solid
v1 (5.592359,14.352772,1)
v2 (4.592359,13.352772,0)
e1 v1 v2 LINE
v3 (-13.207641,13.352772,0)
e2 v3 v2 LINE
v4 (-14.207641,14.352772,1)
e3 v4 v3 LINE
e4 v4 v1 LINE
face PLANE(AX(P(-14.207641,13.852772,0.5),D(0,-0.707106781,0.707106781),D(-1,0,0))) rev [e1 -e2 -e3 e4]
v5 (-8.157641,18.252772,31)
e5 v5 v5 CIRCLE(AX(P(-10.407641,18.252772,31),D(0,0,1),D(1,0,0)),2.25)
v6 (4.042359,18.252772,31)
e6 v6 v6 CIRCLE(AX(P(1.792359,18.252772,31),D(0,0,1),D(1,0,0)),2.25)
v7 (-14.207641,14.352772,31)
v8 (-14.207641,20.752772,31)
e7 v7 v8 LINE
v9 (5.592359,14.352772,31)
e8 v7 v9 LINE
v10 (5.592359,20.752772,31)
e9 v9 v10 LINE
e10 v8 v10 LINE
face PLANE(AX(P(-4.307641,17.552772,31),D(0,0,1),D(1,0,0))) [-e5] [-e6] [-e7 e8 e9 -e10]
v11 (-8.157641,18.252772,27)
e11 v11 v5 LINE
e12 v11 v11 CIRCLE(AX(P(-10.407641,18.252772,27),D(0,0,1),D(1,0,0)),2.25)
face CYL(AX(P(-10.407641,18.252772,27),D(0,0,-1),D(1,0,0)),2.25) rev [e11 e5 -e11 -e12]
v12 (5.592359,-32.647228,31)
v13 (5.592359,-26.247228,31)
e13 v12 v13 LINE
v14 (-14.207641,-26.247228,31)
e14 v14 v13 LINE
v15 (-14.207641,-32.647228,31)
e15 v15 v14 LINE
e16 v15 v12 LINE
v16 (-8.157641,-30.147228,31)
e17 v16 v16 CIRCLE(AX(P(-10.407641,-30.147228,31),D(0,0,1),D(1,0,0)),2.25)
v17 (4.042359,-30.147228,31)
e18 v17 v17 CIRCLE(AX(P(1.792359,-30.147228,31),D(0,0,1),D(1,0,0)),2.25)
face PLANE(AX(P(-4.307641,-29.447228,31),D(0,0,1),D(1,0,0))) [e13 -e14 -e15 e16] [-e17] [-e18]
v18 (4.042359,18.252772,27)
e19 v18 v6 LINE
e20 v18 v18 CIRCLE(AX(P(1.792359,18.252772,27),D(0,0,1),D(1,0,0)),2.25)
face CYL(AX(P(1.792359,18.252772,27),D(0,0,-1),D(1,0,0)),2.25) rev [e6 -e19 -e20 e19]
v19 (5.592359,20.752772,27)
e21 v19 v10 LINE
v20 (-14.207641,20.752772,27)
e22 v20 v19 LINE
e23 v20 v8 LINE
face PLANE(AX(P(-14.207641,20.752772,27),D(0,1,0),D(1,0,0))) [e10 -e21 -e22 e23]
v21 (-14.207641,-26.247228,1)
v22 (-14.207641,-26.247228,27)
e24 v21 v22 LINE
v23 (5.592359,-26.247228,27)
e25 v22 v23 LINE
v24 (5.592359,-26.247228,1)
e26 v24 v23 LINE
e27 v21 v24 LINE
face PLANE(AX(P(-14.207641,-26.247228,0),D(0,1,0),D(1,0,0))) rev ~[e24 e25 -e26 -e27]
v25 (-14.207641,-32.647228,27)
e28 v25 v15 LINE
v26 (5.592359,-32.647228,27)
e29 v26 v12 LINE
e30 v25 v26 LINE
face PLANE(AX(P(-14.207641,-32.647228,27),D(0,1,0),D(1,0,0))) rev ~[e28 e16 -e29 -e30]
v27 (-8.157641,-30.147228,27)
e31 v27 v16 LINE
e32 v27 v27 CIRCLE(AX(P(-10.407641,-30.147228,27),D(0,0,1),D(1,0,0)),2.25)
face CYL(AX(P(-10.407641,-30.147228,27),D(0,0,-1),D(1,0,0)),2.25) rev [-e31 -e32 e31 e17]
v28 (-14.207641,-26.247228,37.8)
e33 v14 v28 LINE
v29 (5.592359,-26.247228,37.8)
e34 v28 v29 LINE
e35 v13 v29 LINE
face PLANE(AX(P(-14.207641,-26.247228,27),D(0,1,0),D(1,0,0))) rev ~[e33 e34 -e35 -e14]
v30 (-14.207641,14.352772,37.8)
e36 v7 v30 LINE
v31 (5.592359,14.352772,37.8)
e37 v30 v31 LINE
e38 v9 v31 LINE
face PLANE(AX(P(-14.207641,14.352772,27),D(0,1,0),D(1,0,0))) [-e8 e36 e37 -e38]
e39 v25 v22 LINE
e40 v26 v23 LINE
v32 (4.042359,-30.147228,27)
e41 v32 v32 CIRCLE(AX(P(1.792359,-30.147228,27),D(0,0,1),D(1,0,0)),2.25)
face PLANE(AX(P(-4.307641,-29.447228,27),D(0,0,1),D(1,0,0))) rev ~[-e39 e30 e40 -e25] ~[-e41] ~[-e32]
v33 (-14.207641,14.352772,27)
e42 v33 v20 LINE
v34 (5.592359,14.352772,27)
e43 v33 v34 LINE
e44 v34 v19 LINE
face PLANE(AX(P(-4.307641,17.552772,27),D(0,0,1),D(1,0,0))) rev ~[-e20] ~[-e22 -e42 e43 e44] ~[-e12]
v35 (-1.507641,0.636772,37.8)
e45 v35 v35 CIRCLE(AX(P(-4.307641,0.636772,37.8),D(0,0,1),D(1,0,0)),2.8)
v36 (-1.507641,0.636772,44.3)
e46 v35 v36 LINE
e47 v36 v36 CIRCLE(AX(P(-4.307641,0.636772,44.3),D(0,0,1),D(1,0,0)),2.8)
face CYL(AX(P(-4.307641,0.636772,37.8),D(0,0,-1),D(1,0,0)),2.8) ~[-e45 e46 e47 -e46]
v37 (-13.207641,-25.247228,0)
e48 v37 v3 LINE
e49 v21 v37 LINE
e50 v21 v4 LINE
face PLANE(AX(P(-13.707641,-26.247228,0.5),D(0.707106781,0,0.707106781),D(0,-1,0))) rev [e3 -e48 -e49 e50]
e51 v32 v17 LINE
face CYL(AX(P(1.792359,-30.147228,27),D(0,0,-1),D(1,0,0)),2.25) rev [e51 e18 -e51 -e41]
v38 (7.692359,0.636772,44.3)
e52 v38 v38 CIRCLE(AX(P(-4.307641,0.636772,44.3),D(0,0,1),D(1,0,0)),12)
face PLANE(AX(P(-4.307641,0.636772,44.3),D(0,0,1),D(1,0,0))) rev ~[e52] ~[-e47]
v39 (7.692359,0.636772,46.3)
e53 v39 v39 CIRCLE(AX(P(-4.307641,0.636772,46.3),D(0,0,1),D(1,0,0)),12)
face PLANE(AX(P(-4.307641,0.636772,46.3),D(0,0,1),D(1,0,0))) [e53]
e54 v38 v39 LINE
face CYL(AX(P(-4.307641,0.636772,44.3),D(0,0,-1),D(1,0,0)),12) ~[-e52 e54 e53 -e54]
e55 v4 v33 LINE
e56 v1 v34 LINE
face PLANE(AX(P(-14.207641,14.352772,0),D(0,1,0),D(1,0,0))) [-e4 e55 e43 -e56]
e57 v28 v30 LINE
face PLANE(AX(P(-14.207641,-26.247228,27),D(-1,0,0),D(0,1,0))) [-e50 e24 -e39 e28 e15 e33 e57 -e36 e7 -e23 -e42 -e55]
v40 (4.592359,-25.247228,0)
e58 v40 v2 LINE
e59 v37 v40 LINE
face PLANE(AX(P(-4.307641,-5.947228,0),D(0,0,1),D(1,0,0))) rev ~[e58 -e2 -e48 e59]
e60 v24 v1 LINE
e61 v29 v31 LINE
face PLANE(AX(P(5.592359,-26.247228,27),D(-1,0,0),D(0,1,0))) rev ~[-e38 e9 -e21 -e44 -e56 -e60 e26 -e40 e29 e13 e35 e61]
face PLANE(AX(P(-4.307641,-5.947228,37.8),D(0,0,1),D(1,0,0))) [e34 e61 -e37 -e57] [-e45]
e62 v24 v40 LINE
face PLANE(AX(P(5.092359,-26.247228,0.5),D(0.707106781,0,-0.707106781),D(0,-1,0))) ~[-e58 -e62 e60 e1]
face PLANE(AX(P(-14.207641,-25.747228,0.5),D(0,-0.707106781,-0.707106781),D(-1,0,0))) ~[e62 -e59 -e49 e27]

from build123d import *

# Parameters (mm, degrees)
F0_W      = 19.8
F0_H      = 40.6
F1_DEPTH  = 27
F2_W      = 19.8
F2_H      = 6.4
F2_R      = 2.25
F3_DEPTH  = 4
F1_FACE_W = 19.8
F1_FACE_H = 40.6
F4_DEPTH  = 10.8
F5_SIZE   = 1
F6_R      = 2.8
F7_DEPTH  = 6.5
F8_R      = 12
F8_R_2    = 2.8
F9_DEPTH  = 2


with BuildPart() as f1:
    # F0 (on Top) → F1 (new body)
    with BuildSketch(Plane.XY):
        with Locations((-4.307641, -5.947228)):
            Rectangle(F0_W, F0_H)
    extrude(amount=F1_DEPTH)

    # F2 (on face) → F3 (join)
    with BuildSketch(Plane.XY.offset(27)):
        with Locations((-4.307641, 17.552772)):
            Rectangle(F2_W, F2_H)
        with Locations((-10.407641, 18.252772)):
            Circle(F2_R, mode=Mode.SUBTRACT)
        with Locations((1.792359, 18.252772)):
            Circle(F2_R, mode=Mode.SUBTRACT)
        with Locations((-4.307641, -29.447228)):
            Rectangle(F2_W, F2_H)
        with Locations((-10.407641, -30.147228)):
            Circle(F2_R, mode=Mode.SUBTRACT)
        with Locations((1.792359, -30.147228)):
            Circle(F2_R, mode=Mode.SUBTRACT)
    extrude(amount=F3_DEPTH)

    # F1_face (on face) → F4 (join)
    with BuildSketch(Plane(origin=(-4.307641, -5.947228, 27), x_dir=(1, 0, 0), z_dir=(0, 0, 1))):
        Rectangle(F1_FACE_W, F1_FACE_H)
    extrude(amount=F4_DEPTH)

    # F5
    f5_edges = [f1.edges().sort_by_distance(p)[0] for p in [
        (-14.207641, -5.947228, 0),
        (-4.307641, 14.352772, 0),
        (5.592359, -5.947228, 0),
        (-4.307641, -26.247228, 0),
    ]]
    chamfer(f5_edges, length=F5_SIZE)

    # F6 (on face) → F7 (join)
    with BuildSketch(Plane.XY.offset(37.8)):
        with Locations((-4.307641, 0.636772)):
            Circle(F6_R)
    extrude(amount=F7_DEPTH)

    # F8 (on face) → F9 (join)
    with BuildSketch(Plane.XY.offset(44.3)):
        with Locations((-4.307641, 0.636772)):
            Circle(F8_R)
        with Locations((-4.307641, 0.636772)):
            Circle(F8_R_2, mode=Mode.SUBTRACT)
        with Locations((-4.307641, 0.636772)):
            Circle(F8_R_2)
    extrude(amount=F9_DEPTH)


solid = f1.part
